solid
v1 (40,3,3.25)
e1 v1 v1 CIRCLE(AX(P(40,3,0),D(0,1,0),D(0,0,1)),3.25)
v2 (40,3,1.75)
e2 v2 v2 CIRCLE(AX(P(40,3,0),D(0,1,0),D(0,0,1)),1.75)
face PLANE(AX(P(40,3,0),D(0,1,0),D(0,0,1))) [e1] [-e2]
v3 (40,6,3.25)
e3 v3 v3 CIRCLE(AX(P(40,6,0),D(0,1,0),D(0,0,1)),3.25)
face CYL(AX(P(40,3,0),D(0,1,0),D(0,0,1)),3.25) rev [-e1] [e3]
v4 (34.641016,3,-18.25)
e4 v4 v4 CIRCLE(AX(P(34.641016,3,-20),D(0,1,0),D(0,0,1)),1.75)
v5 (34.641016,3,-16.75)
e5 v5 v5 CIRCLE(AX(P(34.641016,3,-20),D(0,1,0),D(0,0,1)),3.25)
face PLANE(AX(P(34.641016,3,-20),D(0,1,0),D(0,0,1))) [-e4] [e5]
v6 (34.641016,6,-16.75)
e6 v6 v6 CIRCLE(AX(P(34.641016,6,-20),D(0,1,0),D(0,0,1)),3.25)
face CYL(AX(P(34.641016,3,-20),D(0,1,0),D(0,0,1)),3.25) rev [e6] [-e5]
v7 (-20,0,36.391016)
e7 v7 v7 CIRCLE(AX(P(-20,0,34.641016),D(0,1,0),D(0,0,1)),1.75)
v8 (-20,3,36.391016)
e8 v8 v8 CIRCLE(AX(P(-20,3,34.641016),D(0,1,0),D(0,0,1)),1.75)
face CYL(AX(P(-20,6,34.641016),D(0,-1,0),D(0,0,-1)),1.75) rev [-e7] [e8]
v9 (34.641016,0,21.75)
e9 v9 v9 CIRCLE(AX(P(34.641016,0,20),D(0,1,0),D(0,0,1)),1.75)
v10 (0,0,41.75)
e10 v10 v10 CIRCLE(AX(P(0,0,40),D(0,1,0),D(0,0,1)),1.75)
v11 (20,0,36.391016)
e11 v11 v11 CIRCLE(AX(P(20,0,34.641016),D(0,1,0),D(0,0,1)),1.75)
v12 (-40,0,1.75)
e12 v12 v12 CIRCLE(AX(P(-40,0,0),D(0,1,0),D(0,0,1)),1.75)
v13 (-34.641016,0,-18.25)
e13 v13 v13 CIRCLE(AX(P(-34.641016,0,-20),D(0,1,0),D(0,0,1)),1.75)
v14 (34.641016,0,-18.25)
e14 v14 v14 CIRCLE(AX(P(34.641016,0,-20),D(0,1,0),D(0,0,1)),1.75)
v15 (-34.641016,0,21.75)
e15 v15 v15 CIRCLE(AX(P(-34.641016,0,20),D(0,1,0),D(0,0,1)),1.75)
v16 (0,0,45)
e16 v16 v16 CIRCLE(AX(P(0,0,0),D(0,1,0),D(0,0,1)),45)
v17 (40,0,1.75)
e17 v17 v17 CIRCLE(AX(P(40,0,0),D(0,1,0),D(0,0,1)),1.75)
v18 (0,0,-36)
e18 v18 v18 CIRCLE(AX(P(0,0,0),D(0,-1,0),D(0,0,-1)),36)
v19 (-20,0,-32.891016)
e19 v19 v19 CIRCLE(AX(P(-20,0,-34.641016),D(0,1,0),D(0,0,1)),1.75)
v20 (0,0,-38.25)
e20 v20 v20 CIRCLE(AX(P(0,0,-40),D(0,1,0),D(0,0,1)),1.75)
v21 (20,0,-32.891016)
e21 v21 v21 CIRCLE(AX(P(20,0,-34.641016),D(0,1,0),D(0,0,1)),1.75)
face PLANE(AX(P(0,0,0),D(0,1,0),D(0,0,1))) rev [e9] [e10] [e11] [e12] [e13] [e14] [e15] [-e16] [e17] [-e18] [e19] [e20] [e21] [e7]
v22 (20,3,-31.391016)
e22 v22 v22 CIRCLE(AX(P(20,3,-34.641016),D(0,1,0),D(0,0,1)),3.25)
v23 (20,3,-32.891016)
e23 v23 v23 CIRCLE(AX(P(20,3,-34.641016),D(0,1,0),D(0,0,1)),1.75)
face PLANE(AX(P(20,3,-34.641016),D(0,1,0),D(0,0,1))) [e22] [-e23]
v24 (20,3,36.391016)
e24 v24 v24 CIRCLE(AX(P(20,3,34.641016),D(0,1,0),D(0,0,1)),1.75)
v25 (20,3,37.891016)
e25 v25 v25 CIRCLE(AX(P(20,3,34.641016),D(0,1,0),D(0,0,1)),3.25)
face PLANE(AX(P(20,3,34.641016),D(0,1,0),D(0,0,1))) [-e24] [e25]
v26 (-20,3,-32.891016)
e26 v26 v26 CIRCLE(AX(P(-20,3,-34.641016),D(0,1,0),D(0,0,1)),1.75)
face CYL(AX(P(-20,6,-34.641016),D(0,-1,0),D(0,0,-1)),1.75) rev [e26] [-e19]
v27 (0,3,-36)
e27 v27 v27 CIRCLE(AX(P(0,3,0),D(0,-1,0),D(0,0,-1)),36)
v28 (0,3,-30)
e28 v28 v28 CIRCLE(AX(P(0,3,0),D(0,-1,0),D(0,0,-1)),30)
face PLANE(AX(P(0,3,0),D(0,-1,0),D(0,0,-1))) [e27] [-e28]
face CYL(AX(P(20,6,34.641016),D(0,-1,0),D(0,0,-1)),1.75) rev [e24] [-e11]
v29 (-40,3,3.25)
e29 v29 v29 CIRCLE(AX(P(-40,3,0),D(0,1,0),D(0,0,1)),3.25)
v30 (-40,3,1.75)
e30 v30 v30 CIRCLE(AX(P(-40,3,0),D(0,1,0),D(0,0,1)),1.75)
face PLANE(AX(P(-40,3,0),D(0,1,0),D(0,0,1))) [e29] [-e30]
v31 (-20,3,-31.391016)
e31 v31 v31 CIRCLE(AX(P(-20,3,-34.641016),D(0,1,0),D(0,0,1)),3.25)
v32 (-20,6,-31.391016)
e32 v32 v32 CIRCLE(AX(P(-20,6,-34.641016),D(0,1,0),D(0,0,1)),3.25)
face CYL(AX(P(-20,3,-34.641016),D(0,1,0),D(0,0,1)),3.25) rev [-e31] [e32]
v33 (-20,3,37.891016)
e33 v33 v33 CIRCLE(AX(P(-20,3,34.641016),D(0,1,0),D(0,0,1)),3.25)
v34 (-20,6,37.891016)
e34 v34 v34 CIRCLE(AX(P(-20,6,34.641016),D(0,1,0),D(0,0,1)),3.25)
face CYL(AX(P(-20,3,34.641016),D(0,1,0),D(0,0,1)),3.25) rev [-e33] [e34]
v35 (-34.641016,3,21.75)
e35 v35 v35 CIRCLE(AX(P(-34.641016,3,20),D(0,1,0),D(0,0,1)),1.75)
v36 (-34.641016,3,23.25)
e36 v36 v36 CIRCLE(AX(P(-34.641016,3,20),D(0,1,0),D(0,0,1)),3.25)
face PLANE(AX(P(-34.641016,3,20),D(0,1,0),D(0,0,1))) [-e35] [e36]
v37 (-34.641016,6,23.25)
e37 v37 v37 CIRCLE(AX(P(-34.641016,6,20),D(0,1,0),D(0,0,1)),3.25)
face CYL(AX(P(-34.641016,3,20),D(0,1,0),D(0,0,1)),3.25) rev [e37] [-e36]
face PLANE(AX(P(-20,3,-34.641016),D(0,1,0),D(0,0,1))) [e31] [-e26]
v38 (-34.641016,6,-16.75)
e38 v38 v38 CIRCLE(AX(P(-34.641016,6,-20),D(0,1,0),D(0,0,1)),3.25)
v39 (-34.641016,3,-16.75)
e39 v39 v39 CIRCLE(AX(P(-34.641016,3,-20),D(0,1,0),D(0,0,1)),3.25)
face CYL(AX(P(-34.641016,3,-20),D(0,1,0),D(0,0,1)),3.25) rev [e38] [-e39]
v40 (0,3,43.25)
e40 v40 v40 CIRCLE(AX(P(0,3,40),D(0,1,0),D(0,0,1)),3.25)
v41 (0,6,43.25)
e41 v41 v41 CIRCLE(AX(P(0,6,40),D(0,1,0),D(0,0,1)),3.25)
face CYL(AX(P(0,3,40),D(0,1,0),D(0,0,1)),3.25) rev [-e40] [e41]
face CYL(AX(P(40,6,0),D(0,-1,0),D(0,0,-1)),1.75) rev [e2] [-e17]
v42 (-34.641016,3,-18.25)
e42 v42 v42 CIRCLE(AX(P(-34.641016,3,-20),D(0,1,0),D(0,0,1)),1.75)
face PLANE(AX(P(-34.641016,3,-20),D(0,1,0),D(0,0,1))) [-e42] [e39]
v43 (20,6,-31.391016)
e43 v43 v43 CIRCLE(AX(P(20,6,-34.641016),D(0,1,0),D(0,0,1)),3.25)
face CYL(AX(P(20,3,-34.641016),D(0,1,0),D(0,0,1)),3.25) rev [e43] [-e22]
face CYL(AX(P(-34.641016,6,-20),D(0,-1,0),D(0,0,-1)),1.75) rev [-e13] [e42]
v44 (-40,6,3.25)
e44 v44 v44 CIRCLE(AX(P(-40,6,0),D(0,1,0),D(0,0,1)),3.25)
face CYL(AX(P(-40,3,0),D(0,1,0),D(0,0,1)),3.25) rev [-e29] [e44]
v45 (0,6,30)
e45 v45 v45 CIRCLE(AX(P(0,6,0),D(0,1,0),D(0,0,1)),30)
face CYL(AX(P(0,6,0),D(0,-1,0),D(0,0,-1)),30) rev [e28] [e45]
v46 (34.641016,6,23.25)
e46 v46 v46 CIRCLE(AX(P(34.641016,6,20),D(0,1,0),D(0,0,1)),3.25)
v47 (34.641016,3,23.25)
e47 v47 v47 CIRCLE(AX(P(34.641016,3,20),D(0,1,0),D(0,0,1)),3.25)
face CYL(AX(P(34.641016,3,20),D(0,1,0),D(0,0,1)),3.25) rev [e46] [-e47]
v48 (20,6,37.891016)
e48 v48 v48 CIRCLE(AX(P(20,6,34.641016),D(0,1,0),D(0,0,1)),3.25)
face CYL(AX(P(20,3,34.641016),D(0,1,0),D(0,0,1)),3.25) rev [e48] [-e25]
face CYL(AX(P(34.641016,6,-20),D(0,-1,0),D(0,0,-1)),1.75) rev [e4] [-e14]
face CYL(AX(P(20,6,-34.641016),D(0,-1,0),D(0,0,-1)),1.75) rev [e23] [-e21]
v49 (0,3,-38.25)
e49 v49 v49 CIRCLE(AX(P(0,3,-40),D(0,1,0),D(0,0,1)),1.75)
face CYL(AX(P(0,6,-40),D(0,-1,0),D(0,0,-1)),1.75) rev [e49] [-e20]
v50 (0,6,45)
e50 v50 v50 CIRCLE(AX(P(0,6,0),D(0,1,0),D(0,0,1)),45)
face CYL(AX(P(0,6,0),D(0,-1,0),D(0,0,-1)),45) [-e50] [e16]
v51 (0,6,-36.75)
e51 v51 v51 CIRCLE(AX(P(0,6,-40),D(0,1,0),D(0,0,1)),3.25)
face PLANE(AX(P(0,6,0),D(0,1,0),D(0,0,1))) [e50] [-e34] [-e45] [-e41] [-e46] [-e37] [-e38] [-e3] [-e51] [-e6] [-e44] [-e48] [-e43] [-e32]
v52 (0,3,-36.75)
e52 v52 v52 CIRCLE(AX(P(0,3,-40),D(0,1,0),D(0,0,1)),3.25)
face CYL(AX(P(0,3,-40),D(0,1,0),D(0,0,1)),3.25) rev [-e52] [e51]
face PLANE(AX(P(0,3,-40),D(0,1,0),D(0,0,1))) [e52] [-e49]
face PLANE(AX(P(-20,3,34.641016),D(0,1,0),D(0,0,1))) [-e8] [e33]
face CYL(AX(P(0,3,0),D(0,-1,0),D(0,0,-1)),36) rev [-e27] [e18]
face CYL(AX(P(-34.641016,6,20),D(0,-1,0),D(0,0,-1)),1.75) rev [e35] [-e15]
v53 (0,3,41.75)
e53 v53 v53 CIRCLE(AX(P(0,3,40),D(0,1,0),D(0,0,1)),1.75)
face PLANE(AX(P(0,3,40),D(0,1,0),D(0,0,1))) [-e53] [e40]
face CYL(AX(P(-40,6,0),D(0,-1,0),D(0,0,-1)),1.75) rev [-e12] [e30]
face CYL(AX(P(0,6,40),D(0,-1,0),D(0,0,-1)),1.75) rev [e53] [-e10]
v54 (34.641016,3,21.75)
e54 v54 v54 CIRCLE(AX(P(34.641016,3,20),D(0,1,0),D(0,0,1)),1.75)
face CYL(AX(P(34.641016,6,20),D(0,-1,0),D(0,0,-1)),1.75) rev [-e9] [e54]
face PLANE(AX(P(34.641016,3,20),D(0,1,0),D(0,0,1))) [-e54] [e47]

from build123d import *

# Parameters (mm, degrees)
SKETCH1_R           = 45
SKETCH1_R_2         = 30
SKETCH1_R_3         = 1.75
BOSS_EXTRUDE1_DEPTH = 6
SKETCH2_R           = 36
CUT_EXTRUDE1_DEPTH  = 3
SKETCH3_R           = 3.25
CUT_EXTRUDE2_DEPTH  = 3


with BuildPart() as part:
    # Sketch1 → Boss-Extrude1 (new body)
    with BuildSketch(Plane(origin=(0, 0, 0), x_dir=(1, 0, 0), z_dir=(0, 1, 0))):
        with Locations(Location((0, 0, 0), (0, 0, 270))):
            Circle(SKETCH1_R)
        with Locations(Location((0, 0, 0), (0, 0, 270))):
            Circle(SKETCH1_R_2, mode=Mode.SUBTRACT)
        with Locations(Location((0, 40, 0), (0, 0, 270))):
            Circle(SKETCH1_R_3, mode=Mode.SUBTRACT)
        with Locations(Location((20, 34.641016151, 0), (0, 0, 270))):
            Circle(SKETCH1_R_3, mode=Mode.SUBTRACT)
        with Locations(Location((34.641016151, 20, 0), (0, 0, 270))):
            Circle(SKETCH1_R_3, mode=Mode.SUBTRACT)
        with Locations(Location((40, 0, 0), (0, 0, 270))):
            Circle(SKETCH1_R_3, mode=Mode.SUBTRACT)
        with Locations(Location((34.641016151, -20, 0), (0, 0, 270))):
            Circle(SKETCH1_R_3, mode=Mode.SUBTRACT)
        with Locations(Location((20, -34.641016151, 0), (0, 0, 270))):
            Circle(SKETCH1_R_3, mode=Mode.SUBTRACT)
        with Locations(Location((0, -40, 0), (0, 0, 270))):
            Circle(SKETCH1_R_3, mode=Mode.SUBTRACT)
        with Locations(Location((-20, -34.641016151, 0), (0, 0, 270))):
            Circle(SKETCH1_R_3, mode=Mode.SUBTRACT)
        with Locations(Location((-34.641016151, -20, 0), (0, 0, 270))):
            Circle(SKETCH1_R_3, mode=Mode.SUBTRACT)
        with Locations(Location((-40, 0, 0), (0, 0, 270))):
            Circle(SKETCH1_R_3, mode=Mode.SUBTRACT)
        with Locations(Location((-34.641016151, 20, 0), (0, 0, 270))):
            Circle(SKETCH1_R_3, mode=Mode.SUBTRACT)
        with Locations(Location((-20, 34.641016151, 0), (0, 0, 270))):
            Circle(SKETCH1_R_3, mode=Mode.SUBTRACT)
    extrude(amount=BOSS_EXTRUDE1_DEPTH)

    # Sketch2 → Cut-Extrude1 (cut)
    with BuildSketch(Plane.XZ):
        with Locations(Location((0, 0, 0), (0, 0, 270))):
            Circle(SKETCH2_R)
    extrude(amount=-CUT_EXTRUDE1_DEPTH, mode=Mode.SUBTRACT)

    # Sketch3 → Cut-Extrude2 (cut)
    with BuildSketch(Plane(origin=(0, 6, 0), x_dir=(1, 0, 0), z_dir=(0, 1, 0))):
        with Locations(Location((40, 0, 0), (0, 0, 270))):
            Circle(SKETCH3_R)
        with Locations(Location((34.641016151, -20, 0), (0, 0, 270))):
            Circle(SKETCH3_R)
        with Locations(Location((20, -34.641016151, 0), (0, 0, 270))):
            Circle(SKETCH3_R)
        with Locations(Location((0, -40, 0), (0, 0, 270))):
            Circle(SKETCH3_R)
        with Locations(Location((-20, -34.641016151, 0), (0, 0, 270))):
            Circle(SKETCH3_R)
        with Locations(Location((-34.641016151, -20, 0), (0, 0, 270))):
            Circle(SKETCH3_R)
        with Locations(Location((-40, 0, 0), (0, 0, 270))):
            Circle(SKETCH3_R)
        with Locations(Location((-34.641016151, 20, 0), (0, 0, 270))):
            Circle(SKETCH3_R)
        with Locations(Location((-20, 34.641016151, 0), (0, 0, 270))):
            Circle(SKETCH3_R)
        with Locations(Location((0, 40, 0), (0, 0, 270))):
            Circle(SKETCH3_R)
        with Locations(Location((20, 34.641016151, 0), (0, 0, 270))):
            Circle(SKETCH3_R)
        with Locations(Location((34.641016151, 20, 0), (0, 0, 270))):
            Circle(SKETCH3_R)
    extrude(amount=-CUT_EXTRUDE2_DEPTH, mode=Mode.SUBTRACT)


solid = part.part
